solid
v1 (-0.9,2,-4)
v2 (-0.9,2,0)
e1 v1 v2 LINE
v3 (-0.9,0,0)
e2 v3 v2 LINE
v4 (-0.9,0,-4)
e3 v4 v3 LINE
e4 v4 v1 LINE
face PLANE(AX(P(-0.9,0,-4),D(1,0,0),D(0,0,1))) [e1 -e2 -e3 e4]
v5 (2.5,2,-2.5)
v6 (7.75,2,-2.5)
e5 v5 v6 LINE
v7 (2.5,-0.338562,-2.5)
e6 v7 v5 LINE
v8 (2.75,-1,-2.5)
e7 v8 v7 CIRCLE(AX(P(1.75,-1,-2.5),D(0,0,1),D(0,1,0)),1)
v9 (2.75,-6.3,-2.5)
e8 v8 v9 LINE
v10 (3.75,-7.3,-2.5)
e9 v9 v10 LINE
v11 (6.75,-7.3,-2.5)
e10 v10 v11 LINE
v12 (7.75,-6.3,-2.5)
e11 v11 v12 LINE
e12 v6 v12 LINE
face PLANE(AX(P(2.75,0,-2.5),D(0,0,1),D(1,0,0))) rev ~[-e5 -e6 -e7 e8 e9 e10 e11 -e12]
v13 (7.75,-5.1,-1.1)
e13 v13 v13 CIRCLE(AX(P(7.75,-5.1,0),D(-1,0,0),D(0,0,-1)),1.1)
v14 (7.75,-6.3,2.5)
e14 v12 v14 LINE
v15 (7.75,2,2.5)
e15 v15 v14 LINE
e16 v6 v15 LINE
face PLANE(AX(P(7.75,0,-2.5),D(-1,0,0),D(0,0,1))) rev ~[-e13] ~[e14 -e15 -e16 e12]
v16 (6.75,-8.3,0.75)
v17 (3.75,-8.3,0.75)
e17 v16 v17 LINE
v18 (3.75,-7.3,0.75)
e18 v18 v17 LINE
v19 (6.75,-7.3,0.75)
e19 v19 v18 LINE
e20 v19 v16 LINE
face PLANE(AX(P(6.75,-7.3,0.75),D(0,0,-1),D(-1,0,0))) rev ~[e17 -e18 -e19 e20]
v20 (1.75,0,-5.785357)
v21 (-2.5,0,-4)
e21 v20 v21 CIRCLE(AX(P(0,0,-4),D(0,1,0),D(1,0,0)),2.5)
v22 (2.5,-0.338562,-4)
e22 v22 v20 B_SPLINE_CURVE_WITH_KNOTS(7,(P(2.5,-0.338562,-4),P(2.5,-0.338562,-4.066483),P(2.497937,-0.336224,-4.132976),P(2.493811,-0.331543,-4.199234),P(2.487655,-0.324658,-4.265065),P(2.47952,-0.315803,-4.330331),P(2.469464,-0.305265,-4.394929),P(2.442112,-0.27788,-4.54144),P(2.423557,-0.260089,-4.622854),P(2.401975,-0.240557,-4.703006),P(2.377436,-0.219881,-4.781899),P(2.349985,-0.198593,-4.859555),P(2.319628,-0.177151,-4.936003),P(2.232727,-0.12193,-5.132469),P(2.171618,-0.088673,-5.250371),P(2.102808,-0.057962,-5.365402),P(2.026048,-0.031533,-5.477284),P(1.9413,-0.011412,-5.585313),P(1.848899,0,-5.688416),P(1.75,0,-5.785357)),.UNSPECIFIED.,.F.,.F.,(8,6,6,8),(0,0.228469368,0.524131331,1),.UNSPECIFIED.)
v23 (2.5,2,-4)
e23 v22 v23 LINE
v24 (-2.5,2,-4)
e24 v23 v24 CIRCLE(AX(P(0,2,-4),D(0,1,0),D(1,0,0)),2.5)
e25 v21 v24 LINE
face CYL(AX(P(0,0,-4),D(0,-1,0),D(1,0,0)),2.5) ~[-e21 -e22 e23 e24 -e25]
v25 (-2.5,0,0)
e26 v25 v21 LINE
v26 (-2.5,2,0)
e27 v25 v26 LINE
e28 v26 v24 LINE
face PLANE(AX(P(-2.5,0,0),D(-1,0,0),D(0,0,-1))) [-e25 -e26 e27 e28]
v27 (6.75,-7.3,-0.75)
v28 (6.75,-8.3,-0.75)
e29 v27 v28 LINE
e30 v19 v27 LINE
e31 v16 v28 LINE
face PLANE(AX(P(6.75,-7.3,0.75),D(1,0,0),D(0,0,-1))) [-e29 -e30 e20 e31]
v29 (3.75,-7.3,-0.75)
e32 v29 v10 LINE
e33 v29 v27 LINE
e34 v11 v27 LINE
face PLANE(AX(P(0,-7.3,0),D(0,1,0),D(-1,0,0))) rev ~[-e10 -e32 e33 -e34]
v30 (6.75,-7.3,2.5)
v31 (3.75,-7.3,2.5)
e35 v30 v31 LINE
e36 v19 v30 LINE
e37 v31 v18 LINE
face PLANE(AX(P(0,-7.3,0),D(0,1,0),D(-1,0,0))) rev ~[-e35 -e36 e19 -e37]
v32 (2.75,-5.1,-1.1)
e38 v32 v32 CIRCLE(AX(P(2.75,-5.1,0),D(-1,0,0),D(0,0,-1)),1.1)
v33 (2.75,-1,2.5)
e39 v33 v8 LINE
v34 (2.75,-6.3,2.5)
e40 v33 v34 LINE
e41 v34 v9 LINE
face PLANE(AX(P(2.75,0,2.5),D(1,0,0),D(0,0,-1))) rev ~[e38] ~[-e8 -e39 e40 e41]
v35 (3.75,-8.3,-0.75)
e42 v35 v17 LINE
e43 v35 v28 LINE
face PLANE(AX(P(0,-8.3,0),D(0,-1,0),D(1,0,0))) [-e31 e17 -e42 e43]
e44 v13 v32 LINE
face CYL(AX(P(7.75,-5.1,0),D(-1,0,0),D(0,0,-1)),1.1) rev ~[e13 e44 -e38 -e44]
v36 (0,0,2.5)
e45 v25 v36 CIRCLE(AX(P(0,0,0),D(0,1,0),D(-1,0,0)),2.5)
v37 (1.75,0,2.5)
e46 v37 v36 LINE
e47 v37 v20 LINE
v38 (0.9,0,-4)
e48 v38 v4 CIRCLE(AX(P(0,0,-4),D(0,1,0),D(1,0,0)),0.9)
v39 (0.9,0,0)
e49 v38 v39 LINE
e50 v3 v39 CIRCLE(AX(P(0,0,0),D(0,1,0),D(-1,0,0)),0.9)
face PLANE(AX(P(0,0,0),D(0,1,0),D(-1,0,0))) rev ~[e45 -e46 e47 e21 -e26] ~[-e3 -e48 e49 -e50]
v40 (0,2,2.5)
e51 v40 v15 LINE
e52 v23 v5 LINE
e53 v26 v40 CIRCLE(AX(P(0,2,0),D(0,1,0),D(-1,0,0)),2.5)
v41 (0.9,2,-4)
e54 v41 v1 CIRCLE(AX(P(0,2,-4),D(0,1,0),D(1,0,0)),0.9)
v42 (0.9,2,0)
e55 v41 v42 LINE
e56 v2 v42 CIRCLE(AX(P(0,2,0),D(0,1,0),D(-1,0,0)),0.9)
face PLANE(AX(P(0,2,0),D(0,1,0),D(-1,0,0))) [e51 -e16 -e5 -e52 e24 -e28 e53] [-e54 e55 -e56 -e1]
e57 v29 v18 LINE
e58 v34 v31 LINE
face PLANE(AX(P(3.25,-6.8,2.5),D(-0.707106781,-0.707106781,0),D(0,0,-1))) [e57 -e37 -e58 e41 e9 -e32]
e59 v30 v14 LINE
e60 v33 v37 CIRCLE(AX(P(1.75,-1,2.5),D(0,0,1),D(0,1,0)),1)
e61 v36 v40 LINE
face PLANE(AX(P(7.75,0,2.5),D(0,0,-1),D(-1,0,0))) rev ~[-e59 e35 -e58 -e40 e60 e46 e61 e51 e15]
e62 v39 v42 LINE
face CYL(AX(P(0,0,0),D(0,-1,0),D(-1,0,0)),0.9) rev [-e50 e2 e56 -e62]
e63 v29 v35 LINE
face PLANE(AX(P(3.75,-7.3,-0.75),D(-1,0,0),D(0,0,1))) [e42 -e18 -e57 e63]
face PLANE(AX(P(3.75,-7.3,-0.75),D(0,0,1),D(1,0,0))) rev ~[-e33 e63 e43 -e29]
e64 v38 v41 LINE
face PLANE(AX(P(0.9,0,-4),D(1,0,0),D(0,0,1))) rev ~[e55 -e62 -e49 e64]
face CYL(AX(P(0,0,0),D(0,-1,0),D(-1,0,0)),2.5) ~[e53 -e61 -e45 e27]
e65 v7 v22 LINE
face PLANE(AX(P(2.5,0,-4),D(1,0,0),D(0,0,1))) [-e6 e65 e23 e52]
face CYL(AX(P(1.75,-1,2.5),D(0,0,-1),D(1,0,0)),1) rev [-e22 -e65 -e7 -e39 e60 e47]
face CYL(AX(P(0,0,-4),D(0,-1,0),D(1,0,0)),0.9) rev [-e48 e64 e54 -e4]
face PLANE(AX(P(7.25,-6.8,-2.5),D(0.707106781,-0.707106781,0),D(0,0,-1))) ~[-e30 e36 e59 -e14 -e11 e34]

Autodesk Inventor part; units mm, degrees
ref_plane "YZ Plane" through (0, 0, 0) normal (1, 0, 0) x (0, 1, 0)
ref_plane "XZ Plane" through (0, 0, 0) normal (0, 1, 0) x (-1, 0, 0)
sketch "スケッチ1" plane through (0, 0, 0) normal (0, 1, 0) x (-1, 0, 0)
  arc A0 (0.9, 0) -> (-0.9, 0) centre (0, 0) ccw
  arc A1 (-0.9, -4) -> (0.9, -4) centre (0, -4) ccw
  line L0 (0, 0) -> (0, -4) construction
  line L1 (-0.9, -4) -> (-0.9, 0)
  line L2 (0.9, -4) -> (0.9, 0)
  arc A2 (-2.5, -4) -> (2.5, -4) centre (0, -4) ccw
  line L3 (-2.5, -4) -> (-2.5, 0)
  arc A3 (2.5, 0) -> (-2.5, 0) centre (0, 0) ccw
  line L4 (2.5, 0) -> (2.5, -4)
  line L5 (-2.5, -2.5) -> (-7.75, -2.5)
  line L6 (-7.75, -2.5) -> (-7.75, 2.5)
  line L7 (-7.75, 2.5) -> (-2.75, 2.5)
  line L8 (-2.75, -2.5) -> (-7.75, -2.5)
  line L9 (-7.75, -2.5) -> (-7.75, 2.5)
  line L10 (-7.75, 2.5) -> (-2.75, 2.5)
  line L11 (-2.75, 2.5) -> (-2.75, -2.5)
  line L12 (-2.75, 2.5) -> (0, 2.5)
  point P0 (-5.25, -2.5)
  point P1 (-3.4, 2.5)
  point P2 (0, 2.5)
  dimension "d0" = 1.8
  dimension "d1" = 4
  dimension "d2" = 1.6
  dimension "d40" = 5
  dimension "d41" = 5.25
  dimension "d42" = 5
extrude "押し出し1" add sketch "スケッチ1" along normal blind 2
extrude "押し出し4" add sketch "スケッチ1" against normal blind 7.3 contours L5 L6 L7 L11
sketch "スケッチ6" plane through (7.75, 2, 2.5) normal (1, 0, 0) x (0, 0, -1)
  line L0 (5, -9.3) -> (0, -9.3) projected
  point P0 (2.5, -2)
  point P1 (2.5, -7.1)
  point P2 (2.5, -9.3)
  dimension "d43" = 2.2
hole "穴3" at (7.75, -5.1, 0) direction (-1, 0, 0) diameter 2.2 end through all
fillet "フィレット3" radius 1 1 edges at (2.75, 0, 0)
ref_plane "作業平面2" through (0, 0, 0) normal (1, 0, 0) x (0, 0, -1)
chamfer "面取り1" distance 1 angle 45 2 edges at (2.75, -7.3, 0) (7.75, -7.3, 0)
sketch "スケッチ7" plane through (0, -7.3, 0) normal (0, -1, 0) x (1, 0, 0)
  line L0 (6.75, 2.5) -> (6.75, -2.5) projected
  line L1 (3.75, -2.5) -> (3.75, 2.5) projected
  line L2 (6.75, 0.75) -> (3.75, 0.75)
  line L3 (3.75, 0.75) -> (3.75, -0.75)
  line L4 (3.75, -0.75) -> (6.75, -0.75)
  line L5 (6.75, -0.75) -> (6.75, 0.75)
  point P0 (0, 0)
  point P1 (6.75, 0)
  point P2 (6.75, 0.75)
  point P3 (3.75, 0.75)
  dimension "d55" = 1.5
extrude "押し出し5" add sketch "スケッチ7" along normal blind 1
properties part number "om_Drop_10g_L" material "ABS プラスチック"
